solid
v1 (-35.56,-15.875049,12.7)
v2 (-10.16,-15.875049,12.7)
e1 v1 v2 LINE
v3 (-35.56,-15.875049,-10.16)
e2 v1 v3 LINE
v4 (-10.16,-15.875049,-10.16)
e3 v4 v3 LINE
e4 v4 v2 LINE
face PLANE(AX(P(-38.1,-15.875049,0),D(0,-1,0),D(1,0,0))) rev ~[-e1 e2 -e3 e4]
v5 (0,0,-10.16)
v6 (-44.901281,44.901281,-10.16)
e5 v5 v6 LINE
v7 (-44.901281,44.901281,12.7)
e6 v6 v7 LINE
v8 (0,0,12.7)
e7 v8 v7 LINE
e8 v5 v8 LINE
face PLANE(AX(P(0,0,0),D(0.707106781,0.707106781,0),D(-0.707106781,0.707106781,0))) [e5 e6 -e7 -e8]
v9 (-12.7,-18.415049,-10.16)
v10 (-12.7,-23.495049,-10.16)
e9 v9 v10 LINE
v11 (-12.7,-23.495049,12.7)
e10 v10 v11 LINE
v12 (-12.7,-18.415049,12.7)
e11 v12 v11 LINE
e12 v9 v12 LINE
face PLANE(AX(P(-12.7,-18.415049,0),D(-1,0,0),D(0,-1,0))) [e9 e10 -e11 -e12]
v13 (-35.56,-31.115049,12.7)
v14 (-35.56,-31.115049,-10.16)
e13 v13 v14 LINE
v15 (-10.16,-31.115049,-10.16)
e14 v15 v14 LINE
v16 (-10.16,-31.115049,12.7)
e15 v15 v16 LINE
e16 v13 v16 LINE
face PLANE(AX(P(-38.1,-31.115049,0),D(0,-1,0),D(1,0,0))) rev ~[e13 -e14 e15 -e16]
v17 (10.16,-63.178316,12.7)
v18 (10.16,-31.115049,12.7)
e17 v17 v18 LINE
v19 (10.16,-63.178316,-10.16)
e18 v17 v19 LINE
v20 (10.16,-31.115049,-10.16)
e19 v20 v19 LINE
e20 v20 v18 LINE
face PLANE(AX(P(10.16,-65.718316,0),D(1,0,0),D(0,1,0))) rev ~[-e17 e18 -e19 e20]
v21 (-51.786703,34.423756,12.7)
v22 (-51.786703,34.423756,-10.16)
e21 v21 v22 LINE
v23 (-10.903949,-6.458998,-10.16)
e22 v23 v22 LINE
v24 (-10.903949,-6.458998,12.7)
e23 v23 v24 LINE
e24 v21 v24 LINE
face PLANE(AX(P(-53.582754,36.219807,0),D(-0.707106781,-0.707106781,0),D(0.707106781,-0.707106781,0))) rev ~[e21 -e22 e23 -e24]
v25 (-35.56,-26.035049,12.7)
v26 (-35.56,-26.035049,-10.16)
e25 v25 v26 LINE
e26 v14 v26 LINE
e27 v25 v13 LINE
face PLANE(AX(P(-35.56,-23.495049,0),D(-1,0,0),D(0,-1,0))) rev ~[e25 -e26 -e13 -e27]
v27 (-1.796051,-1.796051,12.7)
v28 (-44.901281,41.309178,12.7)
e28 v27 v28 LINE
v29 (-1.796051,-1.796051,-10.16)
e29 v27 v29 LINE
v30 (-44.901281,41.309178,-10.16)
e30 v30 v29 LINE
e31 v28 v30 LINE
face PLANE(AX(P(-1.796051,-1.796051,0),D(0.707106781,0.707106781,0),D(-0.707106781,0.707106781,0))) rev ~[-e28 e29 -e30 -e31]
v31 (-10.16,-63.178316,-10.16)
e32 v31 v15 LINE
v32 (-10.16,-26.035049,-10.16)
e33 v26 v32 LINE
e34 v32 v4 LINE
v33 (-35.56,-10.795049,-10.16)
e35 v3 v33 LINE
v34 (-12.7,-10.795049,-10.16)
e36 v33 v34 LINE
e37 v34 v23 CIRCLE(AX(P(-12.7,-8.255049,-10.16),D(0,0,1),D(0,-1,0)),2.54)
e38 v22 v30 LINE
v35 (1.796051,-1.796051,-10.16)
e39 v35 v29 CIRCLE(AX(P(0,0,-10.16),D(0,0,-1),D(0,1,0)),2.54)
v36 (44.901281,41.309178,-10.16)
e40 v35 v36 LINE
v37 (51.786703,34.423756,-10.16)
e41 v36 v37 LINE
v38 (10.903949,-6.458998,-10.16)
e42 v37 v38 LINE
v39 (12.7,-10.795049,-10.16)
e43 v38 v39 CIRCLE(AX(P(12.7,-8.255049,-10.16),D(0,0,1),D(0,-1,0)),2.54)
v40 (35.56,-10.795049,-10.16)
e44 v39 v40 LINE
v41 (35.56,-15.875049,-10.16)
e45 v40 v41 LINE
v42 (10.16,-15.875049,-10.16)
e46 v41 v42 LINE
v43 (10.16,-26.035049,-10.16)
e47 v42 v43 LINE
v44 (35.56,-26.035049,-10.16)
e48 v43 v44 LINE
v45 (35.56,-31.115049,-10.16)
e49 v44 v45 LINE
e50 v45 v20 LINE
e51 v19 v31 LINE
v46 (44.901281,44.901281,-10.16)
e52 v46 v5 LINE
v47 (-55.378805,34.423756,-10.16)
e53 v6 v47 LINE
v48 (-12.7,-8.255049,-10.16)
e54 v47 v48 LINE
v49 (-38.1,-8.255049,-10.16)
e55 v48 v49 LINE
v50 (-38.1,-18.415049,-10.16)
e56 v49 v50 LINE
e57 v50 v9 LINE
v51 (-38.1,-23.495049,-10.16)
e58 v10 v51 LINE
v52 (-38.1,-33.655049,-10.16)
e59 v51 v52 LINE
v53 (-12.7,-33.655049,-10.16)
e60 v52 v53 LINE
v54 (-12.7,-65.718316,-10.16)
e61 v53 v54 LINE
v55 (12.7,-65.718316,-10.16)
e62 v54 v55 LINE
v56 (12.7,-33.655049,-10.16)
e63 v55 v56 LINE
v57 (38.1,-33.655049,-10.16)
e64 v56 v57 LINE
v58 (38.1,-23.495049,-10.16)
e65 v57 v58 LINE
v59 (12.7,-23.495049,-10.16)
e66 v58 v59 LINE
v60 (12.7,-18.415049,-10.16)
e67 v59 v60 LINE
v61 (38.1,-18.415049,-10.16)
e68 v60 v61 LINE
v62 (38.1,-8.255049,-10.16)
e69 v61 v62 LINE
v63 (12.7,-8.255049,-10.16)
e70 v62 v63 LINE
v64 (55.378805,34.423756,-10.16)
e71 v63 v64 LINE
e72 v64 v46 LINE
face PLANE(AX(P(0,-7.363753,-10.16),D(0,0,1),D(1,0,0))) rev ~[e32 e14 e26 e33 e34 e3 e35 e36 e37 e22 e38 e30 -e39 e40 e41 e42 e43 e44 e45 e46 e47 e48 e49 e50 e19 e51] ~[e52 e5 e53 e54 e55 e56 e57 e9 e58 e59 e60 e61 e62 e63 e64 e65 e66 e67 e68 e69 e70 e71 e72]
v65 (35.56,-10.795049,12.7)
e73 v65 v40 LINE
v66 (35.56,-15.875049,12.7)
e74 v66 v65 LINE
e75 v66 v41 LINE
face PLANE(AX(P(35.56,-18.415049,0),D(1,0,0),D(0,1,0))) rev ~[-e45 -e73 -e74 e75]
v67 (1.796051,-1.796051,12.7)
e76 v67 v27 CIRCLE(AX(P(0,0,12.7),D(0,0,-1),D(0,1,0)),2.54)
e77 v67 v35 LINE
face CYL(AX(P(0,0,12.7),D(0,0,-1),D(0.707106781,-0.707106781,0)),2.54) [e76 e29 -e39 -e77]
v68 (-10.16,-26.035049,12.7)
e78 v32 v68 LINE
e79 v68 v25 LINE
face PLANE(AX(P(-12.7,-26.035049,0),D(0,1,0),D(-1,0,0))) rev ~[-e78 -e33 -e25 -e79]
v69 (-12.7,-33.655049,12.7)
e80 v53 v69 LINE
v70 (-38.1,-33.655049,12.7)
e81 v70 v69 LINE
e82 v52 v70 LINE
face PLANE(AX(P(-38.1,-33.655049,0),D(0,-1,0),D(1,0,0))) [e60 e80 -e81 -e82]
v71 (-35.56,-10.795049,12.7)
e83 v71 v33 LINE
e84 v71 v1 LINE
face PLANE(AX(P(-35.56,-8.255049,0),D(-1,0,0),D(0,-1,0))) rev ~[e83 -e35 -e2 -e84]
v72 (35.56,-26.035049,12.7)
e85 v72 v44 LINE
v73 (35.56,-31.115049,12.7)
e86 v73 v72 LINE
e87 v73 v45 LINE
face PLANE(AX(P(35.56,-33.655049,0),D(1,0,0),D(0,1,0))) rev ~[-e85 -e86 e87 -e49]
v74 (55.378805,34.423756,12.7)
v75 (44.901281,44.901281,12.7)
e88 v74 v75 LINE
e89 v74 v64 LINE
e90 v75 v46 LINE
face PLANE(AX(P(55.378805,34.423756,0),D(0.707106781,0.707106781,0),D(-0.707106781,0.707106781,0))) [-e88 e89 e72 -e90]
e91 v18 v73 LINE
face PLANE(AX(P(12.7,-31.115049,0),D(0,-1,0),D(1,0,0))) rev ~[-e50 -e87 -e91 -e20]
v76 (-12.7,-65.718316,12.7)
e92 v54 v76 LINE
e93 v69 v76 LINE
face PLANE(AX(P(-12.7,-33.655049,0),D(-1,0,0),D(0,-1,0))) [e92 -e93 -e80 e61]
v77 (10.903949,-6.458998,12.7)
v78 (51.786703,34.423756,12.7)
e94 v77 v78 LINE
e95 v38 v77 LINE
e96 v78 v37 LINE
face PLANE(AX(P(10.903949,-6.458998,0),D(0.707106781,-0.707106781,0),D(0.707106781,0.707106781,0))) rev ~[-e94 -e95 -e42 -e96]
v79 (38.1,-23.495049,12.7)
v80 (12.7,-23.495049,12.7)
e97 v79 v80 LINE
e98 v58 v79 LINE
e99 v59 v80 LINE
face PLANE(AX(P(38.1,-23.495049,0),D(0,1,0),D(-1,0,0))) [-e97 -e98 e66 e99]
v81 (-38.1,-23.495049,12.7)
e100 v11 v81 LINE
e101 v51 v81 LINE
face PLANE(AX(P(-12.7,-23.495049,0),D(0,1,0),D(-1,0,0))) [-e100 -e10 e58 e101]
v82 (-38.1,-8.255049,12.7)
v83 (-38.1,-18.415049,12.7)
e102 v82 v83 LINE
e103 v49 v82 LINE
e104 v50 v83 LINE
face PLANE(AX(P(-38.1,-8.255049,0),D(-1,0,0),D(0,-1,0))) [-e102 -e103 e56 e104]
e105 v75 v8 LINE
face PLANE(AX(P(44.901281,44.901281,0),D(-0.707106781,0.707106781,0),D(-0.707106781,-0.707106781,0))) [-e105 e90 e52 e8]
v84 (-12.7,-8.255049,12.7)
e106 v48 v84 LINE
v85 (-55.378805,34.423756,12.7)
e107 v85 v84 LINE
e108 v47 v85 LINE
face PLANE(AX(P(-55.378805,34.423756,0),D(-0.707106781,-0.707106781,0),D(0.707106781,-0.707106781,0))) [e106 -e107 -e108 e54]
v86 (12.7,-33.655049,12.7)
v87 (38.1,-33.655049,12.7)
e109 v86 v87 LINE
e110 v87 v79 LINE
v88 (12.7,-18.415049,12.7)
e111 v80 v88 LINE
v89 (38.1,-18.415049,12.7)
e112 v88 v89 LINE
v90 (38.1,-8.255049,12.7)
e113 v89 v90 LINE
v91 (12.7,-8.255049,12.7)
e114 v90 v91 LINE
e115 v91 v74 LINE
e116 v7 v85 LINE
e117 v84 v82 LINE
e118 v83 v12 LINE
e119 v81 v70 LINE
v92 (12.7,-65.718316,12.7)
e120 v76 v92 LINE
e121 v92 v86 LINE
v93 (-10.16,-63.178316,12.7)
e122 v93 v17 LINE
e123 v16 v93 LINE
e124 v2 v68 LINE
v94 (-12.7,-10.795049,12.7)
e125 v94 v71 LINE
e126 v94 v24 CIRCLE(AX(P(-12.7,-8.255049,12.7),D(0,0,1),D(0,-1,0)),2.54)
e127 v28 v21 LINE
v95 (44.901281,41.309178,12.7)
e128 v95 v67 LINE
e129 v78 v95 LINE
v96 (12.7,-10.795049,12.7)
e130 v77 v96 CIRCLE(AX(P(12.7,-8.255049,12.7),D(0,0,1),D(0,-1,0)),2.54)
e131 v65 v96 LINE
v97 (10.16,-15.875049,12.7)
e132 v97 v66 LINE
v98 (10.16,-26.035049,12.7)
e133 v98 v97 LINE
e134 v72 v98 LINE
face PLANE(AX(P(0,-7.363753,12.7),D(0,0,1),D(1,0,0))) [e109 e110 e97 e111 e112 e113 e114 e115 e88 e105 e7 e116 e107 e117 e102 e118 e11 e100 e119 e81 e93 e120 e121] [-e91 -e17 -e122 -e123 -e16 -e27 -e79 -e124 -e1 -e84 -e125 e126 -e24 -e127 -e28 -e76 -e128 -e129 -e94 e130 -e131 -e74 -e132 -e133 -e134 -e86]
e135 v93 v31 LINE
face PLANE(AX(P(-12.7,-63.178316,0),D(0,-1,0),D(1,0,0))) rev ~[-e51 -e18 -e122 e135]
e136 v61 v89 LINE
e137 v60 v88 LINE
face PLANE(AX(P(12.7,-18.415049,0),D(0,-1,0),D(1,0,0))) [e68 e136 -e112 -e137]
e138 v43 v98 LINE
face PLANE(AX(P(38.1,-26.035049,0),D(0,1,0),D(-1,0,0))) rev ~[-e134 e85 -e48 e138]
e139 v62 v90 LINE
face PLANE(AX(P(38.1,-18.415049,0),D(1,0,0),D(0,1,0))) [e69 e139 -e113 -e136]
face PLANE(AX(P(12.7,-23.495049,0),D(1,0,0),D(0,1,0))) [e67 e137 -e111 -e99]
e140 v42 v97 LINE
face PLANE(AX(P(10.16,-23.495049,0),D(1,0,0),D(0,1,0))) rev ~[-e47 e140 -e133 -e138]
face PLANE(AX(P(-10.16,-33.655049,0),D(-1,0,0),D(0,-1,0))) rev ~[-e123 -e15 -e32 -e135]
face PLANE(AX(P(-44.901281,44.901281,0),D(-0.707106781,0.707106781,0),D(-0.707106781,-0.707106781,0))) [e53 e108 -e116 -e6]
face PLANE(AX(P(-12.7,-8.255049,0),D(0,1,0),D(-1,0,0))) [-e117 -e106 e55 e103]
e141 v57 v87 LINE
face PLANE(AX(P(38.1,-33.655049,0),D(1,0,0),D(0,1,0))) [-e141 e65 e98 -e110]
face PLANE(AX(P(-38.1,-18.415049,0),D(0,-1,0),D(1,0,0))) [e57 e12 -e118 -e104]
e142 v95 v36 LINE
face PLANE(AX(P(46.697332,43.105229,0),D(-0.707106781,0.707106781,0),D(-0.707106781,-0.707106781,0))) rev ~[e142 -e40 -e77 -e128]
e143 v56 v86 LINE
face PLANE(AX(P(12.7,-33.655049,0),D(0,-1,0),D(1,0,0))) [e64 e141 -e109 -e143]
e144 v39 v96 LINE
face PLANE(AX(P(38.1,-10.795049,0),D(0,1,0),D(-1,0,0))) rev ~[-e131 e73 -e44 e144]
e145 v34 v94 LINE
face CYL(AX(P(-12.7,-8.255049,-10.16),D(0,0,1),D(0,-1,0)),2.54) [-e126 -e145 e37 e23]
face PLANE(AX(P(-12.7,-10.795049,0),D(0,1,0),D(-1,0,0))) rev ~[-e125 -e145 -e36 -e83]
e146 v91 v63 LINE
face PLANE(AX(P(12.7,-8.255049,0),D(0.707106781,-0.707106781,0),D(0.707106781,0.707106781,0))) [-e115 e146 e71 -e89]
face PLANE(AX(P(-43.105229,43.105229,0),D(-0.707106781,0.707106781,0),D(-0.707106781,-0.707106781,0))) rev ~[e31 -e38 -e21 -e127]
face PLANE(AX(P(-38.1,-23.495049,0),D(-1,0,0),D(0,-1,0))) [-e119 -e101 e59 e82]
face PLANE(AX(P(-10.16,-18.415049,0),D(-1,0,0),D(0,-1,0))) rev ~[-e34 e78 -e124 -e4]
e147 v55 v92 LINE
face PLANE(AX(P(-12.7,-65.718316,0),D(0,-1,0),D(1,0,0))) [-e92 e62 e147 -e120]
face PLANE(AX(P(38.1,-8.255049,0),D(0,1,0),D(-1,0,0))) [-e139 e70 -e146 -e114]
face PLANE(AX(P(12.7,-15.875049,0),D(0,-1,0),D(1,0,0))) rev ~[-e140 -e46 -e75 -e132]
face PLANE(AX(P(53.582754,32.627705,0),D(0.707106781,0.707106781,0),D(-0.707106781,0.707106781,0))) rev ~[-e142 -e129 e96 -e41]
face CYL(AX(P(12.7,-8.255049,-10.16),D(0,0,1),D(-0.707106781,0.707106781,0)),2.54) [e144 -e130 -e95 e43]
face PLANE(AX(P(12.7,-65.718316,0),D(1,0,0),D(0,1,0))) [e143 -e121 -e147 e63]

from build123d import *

# Parameters (mm, degrees)
F1_DEPTH = 12.7
F2_T     = -2.54
F3_DEPTH = 2.54
F4_R     = 2.54


with BuildPart() as f1:
    # F0 (on Top) → F1 (new body, symmetric)
    with BuildSketch(Plane.XY):
        Polygon((44.9012806053, 44.9012806053), (0, 0), (-44.9012806053, 44.9012806053), (-55.3788052983, 34.4237559124), (-12.7, -8.2550493859), (-38.1, -8.2550493859), (-38.1, -18.4150493859), (-12.7, -18.4150493859), (-12.7, -23.4950493859), (-38.1, -23.4950493859), (-38.1, -33.6550493859), (-12.7, -33.6550493859), (-12.7, -65.7183155417), (12.7, -65.7183155417), (12.7, -33.6550493859), (38.1, -33.6550493859), (38.1, -23.4950493859), (12.7, -23.4950493859), (12.7, -18.4150493859), (38.1, -18.4150493859), (38.1, -8.2550493859), (12.7, -8.2550493859), (55.3788052983, 34.4237559124), align=None)
    extrude(amount=F1_DEPTH, both=True)

    # F2
    f2_openings = [f1.faces().sort_by_distance(p)[0] for p in [
        (0, -9.817912, 12.7),
    ]]
    offset(amount=F2_T, openings=f2_openings, kind=Kind.INTERSECTION)

    # F3 (cut): a face of the model
    f3_faces = [f1.faces().sort_by_distance(p)[0] for p in [
        (0, -9.8179115299, -12.7),
    ]]
    extrude(f3_faces, amount=-F3_DEPTH, mode=Mode.SUBTRACT)

    # F4
    f4_edges = [f1.edges().sort_by_distance(p)[0] for p in [
        (-6.567898, -10.795049, 1.27),
        (6.567898, -10.795049, 1.27),
        (0, -3.592102, 1.27),
    ]]
    fillet(f4_edges, radius=F4_R)


solid = f1.part
